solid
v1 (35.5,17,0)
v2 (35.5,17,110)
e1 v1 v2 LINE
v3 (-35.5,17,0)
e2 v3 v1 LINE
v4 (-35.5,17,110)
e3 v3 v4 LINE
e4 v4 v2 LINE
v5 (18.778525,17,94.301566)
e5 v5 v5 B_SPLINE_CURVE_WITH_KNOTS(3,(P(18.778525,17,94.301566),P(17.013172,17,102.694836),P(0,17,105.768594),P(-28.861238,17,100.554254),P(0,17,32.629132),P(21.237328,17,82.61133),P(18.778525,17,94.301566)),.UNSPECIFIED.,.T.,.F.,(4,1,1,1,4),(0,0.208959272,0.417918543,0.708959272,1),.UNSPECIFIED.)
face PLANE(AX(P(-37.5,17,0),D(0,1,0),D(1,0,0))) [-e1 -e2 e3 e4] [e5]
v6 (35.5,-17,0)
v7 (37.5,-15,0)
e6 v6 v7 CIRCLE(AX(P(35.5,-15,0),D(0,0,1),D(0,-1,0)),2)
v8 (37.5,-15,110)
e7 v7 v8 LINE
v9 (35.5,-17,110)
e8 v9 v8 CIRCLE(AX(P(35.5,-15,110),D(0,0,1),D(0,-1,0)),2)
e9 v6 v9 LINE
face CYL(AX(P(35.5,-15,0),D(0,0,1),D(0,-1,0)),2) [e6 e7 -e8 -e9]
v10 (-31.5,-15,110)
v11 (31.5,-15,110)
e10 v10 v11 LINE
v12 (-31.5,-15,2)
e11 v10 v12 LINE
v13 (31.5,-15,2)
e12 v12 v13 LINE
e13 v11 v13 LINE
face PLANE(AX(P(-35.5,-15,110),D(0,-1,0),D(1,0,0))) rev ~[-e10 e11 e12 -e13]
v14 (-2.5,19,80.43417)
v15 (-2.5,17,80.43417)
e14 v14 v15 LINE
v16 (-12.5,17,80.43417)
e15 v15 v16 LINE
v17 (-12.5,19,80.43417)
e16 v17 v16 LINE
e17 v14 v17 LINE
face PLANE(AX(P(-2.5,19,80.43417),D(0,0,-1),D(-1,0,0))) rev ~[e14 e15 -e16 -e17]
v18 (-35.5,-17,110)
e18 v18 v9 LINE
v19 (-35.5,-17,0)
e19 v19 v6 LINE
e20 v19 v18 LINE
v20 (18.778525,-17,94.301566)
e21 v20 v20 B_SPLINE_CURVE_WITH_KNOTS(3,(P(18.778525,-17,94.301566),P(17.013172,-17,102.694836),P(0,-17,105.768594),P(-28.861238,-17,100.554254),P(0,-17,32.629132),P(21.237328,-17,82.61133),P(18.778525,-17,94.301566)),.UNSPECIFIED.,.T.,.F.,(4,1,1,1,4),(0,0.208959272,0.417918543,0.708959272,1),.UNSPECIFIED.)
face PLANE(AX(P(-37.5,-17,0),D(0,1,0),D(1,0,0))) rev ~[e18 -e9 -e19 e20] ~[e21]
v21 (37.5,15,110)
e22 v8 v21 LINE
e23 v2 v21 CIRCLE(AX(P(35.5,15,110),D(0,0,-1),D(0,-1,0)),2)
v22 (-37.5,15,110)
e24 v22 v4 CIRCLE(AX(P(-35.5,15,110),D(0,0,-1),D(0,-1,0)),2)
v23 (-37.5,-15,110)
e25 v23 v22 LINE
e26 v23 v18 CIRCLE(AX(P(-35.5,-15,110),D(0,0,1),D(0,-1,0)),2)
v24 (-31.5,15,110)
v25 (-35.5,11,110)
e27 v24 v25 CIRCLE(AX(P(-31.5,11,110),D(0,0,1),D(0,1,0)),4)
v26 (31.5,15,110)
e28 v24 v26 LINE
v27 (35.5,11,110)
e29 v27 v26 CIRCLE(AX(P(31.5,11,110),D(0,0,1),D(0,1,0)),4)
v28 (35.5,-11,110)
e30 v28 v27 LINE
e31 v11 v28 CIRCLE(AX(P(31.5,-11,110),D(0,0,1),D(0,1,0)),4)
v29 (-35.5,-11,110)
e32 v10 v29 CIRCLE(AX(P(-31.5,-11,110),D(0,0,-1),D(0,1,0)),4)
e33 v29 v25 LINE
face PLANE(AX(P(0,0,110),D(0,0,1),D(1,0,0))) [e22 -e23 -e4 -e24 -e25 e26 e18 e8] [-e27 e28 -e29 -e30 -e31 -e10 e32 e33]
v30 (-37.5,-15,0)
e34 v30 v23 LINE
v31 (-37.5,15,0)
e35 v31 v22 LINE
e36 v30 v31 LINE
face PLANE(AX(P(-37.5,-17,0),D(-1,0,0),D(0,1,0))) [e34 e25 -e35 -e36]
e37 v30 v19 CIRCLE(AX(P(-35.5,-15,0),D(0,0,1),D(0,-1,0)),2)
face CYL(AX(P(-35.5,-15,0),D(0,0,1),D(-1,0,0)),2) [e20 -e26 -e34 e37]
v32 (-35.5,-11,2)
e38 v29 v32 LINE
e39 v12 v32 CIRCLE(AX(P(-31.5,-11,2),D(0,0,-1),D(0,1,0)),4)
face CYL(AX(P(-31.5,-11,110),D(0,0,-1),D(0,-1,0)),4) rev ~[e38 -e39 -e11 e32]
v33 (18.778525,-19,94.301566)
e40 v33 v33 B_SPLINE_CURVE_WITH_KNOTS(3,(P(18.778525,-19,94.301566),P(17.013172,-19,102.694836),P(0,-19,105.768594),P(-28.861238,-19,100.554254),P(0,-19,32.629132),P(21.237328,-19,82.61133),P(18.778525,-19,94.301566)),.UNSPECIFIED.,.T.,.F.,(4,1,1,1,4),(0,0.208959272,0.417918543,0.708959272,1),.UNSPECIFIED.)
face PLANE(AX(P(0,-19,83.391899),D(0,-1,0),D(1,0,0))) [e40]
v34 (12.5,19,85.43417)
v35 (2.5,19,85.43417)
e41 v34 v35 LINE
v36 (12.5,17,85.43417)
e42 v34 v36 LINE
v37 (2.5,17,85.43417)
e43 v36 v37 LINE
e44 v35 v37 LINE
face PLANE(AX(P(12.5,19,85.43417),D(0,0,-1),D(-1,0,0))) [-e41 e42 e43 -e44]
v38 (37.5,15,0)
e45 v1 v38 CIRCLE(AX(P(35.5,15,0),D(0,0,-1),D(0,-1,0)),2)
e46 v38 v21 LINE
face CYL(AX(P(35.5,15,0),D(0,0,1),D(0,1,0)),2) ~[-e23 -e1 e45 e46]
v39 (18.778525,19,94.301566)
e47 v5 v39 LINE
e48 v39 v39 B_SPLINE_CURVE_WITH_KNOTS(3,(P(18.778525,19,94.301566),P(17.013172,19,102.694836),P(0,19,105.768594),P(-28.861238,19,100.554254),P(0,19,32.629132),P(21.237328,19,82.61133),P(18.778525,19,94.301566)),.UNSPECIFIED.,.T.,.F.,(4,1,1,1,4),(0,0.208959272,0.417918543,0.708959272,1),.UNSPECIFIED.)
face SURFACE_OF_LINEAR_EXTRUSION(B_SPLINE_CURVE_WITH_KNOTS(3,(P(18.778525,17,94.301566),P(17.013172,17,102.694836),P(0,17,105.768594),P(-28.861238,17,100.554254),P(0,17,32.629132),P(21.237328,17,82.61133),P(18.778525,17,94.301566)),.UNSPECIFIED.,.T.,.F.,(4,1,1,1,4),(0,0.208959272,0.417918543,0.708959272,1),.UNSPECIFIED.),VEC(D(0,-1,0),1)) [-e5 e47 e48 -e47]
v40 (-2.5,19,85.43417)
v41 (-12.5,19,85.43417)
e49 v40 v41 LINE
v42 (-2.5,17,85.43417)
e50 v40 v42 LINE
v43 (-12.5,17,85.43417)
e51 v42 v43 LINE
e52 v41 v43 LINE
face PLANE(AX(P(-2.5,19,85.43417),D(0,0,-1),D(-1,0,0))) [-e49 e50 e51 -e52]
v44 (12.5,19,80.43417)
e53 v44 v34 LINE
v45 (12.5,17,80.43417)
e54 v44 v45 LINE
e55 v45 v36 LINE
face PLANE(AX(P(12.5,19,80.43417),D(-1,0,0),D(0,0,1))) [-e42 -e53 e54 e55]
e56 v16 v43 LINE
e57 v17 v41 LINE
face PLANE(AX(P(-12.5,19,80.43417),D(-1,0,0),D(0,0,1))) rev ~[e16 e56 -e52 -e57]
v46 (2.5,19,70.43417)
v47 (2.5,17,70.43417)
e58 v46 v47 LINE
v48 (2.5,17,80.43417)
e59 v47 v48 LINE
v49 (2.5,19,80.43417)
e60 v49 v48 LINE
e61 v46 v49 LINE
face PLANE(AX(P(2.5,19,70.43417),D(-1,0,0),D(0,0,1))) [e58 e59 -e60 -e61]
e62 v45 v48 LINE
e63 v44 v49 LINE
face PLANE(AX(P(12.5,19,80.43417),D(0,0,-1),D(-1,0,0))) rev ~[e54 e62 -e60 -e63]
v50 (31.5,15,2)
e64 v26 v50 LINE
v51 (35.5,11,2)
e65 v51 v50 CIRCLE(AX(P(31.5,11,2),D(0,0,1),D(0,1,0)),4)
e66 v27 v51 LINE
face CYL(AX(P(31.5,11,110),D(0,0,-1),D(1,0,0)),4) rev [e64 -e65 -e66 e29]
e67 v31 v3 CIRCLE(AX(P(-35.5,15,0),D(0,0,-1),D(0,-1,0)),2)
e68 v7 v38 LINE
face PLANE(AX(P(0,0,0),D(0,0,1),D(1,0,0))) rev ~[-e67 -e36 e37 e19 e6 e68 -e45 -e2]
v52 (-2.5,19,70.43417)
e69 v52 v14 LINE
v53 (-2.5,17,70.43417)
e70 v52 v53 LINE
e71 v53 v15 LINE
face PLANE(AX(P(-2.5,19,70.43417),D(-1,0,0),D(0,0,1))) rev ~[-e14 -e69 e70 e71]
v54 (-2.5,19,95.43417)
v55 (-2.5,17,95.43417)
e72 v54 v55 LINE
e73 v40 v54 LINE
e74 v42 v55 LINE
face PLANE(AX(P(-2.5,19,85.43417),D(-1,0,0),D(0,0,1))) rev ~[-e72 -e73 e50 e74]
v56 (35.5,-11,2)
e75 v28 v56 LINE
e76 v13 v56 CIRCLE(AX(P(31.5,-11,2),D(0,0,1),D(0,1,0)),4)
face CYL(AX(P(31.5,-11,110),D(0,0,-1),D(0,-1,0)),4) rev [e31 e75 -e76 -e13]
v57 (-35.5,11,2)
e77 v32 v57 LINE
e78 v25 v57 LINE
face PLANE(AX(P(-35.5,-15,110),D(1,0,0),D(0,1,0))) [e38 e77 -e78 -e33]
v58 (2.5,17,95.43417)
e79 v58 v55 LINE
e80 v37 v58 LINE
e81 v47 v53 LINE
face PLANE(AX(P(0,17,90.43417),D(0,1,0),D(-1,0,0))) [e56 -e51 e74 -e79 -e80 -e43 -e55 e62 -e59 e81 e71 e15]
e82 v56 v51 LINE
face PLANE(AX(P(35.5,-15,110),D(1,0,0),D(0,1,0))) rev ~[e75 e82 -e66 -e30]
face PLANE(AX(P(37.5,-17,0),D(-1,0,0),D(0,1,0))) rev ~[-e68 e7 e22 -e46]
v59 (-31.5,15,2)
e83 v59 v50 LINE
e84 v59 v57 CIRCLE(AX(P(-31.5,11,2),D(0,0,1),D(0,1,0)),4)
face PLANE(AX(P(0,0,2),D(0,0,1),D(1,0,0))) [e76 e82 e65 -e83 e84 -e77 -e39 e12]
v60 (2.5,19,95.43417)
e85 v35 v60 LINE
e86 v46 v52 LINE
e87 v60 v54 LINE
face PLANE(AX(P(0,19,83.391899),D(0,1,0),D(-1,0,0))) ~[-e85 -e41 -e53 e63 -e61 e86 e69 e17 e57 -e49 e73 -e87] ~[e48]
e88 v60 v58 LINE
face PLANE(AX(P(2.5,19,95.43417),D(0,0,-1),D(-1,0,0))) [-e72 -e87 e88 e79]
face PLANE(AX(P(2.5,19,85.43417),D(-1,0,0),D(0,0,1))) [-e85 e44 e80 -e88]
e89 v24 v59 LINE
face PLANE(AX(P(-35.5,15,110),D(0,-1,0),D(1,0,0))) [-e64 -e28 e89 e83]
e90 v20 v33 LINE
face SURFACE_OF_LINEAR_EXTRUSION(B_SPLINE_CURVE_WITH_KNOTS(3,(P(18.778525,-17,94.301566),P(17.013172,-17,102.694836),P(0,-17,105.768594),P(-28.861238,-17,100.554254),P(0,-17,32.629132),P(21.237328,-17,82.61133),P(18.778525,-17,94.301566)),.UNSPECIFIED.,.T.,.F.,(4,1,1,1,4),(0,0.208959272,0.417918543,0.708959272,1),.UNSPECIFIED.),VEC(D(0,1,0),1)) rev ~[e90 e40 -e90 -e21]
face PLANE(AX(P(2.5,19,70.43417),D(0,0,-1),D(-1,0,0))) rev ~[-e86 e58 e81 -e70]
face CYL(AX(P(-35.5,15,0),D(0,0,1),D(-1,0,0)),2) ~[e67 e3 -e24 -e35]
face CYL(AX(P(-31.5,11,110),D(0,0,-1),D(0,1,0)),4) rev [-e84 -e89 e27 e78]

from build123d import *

# Parameters (mm, degrees)
F0_W      = 75
F0_H      = 34
F2_DEPTH  = 110
F3_W      = 71
F3_H      = 30
F4_DEPTH  = 108
F5_R      = 2
F6_R      = 4
F8_DEPTH  = 2
F10_W     = 5
F10_H     = 10
F10_W_2   = 10
F10_H_2   = 5
F11_DEPTH = 2


with BuildPart() as f2:
    # F0 (on Top) → F2 (new body)
    with BuildSketch(Plane.XY):
        Rectangle(F0_W, F0_H)
    extrude(amount=F2_DEPTH)

    # F3 (on face) → F4 (cut)
    with BuildSketch(Plane.XY.offset(110)):
        Rectangle(F3_W, F3_H)
    extrude(amount=-F4_DEPTH, mode=Mode.SUBTRACT)

    # F5
    f5_edges = [f2.edges().sort_by_distance(p)[0] for p in [
        (-37.5, 17, 55),
        (37.5, 17, 55),
        (37.5, -17, 55),
        (-37.5, -17, 55),
    ]]
    fillet(f5_edges, radius=F5_R)

    # F6
    f6_edges = [f2.edges().sort_by_distance(p)[0] for p in [
        (-35.5, 15, 56),
        (-35.5, -15, 56),
        (35.5, 15, 56),
        (35.5, -15, 56),
    ]]
    fillet(f6_edges, radius=F6_R)

    # F7 (on face) → F8 (join)
    with BuildSketch(Plane.XZ.offset(17)):
        with BuildLine():
            add(Edge.make_bspline(
                [(18.7785252929, 94.3015664816), (17.0131724762, 102.694836153), (0, 105.7685942517), (-28.8612375736, 100.5542544303), (0, 32.6291322034), (21.2373277439, 82.6113299209), (18.7785252929, 94.3015664816)],
                knots=[0, 0, 0, 0, 0.2089592717, 0.4179185434, 0.7089592717, 1, 1, 1, 1], degree=3))
        make_face()
    extrude(amount=F8_DEPTH)

    # F9: F2 across plane


with BuildPart() as f2_1:
    add(f2.part)
    add(f2.part.mirror(Plane.XZ))

    # F10 (on face) → F11 (cut)
    with BuildSketch(Plane(origin=(0, 19, 0), x_dir=(-1, 0, 0), z_dir=(0, 1, 0))):
        with Locations((0, 90.4341701968)):
            Rectangle(F10_W, F10_H)
        with Locations((-7.5, 82.9341701968)):
            Rectangle(F10_W_2, F10_H_2)
        with Locations((0, 82.9341701968)):
            Rectangle(F10_W, F10_H_2)
        with Locations((7.5, 82.9341701968)):
            Rectangle(F10_W_2, F10_H_2)
        with Locations((0, 75.4341701968)):
            Rectangle(F10_W, F10_H)
    extrude(amount=-F11_DEPTH, mode=Mode.SUBTRACT)


solid = f2_1.part
